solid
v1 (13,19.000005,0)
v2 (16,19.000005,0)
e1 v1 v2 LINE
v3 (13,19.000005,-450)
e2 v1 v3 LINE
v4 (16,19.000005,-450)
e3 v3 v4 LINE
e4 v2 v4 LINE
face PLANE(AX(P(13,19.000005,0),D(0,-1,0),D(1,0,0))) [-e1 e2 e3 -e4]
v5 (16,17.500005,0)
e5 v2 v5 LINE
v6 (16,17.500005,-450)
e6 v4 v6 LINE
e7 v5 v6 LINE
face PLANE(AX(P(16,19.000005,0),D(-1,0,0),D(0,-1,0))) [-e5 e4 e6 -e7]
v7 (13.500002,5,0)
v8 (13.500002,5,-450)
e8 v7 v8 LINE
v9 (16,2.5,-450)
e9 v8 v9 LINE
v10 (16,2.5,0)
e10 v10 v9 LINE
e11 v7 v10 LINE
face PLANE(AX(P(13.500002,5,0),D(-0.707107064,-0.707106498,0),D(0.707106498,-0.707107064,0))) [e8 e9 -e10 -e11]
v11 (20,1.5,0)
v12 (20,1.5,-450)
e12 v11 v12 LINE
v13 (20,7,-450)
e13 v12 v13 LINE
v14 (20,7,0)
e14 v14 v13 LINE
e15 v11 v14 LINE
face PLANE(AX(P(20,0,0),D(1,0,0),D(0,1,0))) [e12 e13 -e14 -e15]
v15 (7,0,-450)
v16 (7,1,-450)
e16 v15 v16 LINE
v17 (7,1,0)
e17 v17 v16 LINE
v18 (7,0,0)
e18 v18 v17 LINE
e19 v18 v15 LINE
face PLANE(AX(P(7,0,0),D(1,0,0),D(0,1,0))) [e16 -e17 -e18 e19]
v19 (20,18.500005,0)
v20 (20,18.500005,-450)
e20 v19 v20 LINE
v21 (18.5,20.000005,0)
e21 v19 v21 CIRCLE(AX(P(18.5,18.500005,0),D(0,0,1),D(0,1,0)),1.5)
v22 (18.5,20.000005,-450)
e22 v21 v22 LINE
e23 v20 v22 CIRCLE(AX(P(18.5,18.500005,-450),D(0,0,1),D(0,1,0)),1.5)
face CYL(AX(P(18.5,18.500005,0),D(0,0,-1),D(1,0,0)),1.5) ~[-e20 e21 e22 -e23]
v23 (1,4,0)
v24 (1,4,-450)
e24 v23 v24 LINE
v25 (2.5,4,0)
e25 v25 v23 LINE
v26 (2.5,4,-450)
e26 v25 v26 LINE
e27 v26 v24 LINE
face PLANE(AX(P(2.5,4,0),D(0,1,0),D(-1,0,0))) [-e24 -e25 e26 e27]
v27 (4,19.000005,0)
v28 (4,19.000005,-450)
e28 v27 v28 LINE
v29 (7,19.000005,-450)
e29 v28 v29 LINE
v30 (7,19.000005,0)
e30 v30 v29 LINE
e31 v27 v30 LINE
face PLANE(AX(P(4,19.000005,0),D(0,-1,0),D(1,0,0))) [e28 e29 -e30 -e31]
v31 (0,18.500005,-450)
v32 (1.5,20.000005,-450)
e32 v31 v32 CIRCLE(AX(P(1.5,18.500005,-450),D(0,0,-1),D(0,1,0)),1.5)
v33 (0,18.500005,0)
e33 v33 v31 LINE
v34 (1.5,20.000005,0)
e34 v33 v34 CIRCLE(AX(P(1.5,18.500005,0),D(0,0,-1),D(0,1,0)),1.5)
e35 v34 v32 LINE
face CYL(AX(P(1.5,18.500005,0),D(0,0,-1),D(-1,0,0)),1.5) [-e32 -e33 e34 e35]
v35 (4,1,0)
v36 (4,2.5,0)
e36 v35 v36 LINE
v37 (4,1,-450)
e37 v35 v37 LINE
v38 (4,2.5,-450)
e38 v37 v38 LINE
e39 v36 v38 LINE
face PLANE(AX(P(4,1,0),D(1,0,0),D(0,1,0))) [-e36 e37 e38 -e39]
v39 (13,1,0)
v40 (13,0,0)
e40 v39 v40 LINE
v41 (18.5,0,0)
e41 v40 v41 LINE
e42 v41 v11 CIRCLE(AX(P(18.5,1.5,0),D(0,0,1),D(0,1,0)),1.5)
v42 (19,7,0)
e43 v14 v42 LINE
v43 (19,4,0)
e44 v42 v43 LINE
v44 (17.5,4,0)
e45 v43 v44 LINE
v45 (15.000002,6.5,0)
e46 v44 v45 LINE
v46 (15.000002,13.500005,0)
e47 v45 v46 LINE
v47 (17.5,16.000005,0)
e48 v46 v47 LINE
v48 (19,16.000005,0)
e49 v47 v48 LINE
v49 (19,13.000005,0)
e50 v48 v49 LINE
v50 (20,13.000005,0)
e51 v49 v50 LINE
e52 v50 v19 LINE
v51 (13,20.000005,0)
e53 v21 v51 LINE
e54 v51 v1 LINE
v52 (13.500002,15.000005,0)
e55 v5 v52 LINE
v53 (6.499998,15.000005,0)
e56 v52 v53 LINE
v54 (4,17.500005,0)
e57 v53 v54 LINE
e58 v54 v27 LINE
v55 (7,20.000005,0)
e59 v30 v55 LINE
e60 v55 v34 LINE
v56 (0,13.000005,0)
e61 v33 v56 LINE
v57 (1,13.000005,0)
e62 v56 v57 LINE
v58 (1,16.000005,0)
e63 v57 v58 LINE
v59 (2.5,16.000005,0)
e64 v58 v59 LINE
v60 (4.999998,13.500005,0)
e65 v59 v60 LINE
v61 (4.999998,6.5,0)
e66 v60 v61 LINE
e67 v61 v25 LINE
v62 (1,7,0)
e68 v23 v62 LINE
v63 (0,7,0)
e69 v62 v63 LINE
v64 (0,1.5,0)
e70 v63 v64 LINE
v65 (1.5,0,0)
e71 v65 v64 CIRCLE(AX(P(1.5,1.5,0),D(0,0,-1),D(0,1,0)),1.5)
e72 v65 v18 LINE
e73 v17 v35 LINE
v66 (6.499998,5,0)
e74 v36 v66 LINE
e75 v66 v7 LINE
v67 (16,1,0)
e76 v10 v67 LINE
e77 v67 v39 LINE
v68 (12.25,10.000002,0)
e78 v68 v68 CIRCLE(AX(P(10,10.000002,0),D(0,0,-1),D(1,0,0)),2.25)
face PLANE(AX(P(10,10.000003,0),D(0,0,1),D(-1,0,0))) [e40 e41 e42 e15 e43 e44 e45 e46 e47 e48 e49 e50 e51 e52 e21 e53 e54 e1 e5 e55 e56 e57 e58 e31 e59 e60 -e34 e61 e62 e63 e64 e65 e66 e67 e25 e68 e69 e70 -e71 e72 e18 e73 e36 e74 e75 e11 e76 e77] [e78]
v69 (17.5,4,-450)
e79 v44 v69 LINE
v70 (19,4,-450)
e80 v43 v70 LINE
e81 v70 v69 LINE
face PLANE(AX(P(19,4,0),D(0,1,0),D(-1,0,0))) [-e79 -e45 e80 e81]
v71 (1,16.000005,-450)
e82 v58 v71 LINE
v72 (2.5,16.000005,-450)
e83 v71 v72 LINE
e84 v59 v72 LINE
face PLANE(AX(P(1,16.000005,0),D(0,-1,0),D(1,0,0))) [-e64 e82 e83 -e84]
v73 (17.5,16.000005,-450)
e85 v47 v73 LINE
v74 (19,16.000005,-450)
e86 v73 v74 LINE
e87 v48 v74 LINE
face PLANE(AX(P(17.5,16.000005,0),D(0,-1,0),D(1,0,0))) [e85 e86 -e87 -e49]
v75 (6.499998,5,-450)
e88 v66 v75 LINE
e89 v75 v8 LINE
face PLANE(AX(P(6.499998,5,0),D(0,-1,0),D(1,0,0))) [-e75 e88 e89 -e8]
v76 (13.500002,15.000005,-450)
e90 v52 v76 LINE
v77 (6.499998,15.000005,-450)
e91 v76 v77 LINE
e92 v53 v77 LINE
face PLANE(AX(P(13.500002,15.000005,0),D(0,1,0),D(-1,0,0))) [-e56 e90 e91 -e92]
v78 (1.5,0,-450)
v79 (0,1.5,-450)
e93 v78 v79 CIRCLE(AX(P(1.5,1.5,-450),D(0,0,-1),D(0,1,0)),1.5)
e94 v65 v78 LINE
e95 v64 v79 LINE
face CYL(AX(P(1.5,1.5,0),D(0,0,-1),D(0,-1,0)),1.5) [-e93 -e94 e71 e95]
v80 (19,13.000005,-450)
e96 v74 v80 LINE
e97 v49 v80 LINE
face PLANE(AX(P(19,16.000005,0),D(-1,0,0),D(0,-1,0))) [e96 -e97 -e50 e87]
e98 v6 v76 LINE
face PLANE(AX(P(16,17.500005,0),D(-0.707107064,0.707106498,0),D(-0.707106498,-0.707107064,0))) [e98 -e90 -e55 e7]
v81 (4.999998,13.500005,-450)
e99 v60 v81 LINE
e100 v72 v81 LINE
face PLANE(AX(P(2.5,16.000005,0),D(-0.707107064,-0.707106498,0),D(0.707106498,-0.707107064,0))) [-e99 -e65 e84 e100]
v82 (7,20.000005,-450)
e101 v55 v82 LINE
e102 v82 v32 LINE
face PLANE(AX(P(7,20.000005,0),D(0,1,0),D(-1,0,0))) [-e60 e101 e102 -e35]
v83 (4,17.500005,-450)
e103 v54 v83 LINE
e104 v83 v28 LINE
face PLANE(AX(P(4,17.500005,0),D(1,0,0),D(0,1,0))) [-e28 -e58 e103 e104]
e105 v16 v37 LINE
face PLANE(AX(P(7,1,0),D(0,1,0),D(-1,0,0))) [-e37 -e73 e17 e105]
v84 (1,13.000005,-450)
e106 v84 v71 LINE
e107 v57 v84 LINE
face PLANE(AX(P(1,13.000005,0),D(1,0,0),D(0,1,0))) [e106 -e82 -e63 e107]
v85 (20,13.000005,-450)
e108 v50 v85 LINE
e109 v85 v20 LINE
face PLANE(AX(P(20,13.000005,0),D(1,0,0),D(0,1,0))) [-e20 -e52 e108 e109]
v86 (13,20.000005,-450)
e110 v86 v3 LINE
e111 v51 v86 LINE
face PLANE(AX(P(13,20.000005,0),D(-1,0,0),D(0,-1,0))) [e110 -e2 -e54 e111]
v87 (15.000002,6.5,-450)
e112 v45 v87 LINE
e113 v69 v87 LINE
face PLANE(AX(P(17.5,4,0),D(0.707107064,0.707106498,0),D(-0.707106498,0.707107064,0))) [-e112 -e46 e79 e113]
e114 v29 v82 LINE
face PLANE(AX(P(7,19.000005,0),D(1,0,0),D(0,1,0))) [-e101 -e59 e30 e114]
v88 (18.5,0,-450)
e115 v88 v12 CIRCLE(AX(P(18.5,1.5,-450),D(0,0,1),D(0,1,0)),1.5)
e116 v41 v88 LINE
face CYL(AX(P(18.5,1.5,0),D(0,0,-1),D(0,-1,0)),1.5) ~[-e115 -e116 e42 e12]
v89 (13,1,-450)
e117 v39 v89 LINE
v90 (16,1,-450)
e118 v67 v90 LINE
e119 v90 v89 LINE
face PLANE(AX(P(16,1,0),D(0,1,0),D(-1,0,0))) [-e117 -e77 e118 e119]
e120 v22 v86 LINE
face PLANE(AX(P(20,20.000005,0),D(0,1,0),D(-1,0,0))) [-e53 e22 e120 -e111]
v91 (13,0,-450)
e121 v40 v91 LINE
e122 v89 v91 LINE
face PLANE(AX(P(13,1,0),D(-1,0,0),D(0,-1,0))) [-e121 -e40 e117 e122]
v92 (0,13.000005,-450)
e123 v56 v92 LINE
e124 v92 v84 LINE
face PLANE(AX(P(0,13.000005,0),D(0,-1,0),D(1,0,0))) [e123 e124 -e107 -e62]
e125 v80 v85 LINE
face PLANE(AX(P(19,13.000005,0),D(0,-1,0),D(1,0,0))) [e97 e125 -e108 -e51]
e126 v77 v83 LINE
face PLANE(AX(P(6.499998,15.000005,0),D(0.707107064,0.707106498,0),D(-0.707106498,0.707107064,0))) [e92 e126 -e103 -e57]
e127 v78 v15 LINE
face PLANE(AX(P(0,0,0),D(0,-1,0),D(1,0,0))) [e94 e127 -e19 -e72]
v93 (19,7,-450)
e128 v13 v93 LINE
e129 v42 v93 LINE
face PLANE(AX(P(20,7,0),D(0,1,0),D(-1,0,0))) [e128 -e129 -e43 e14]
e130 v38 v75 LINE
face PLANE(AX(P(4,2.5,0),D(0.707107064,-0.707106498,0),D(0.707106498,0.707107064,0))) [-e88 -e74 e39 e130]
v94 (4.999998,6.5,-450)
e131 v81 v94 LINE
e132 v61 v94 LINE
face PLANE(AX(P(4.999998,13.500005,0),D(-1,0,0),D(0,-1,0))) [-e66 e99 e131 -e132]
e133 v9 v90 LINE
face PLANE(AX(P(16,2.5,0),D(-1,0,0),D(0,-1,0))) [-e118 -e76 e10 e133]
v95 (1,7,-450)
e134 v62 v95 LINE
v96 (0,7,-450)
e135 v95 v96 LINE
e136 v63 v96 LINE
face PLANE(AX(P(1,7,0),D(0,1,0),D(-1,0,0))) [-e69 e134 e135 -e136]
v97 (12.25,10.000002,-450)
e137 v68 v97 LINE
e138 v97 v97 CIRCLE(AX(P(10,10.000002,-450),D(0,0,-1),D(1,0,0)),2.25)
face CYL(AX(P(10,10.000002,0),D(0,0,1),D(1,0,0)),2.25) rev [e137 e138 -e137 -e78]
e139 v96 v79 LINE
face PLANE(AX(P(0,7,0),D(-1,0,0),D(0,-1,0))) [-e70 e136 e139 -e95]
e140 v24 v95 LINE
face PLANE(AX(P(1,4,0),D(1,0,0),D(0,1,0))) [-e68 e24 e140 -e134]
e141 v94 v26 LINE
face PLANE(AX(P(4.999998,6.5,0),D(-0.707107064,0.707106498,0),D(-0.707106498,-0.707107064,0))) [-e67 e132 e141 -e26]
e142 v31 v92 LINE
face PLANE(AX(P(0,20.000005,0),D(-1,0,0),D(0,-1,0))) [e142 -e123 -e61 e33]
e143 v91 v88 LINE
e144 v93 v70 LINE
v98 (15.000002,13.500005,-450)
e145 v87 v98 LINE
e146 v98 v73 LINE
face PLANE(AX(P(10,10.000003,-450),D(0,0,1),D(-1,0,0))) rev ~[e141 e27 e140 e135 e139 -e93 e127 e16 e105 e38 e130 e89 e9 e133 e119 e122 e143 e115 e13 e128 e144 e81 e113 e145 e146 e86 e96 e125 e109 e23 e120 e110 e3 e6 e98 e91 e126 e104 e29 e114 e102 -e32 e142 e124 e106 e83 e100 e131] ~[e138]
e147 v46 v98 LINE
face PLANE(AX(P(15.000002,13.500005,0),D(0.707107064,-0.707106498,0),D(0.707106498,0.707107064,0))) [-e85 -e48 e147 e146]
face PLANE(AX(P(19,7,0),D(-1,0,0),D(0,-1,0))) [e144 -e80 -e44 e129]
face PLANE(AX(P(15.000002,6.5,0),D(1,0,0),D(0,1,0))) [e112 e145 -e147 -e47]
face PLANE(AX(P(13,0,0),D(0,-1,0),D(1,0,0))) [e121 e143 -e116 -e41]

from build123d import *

# Parameters (mm, degrees)
SKETCH_R  = 2.25
PAD_DEPTH = 450
FILLET_R  = 1.5


with BuildPart() as part:
    # Sketch → Pad (new body)
    with BuildSketch(Plane(origin=(0, 0, 0), x_dir=(1, 0, 0), z_dir=(0, 0, -1))):
        Polygon((7, 0), (7, -1), (4, -1), (4, -2.5), (6.499998, -5), (13.500002, -5), (16, -2.5), (16, -1), (13, -1), (13, 0), (20, 0), (20, -7), (19, -7), (19, -4), (17.5, -4), (15.000002, -6.5), (15.000002, -13.500005), (17.5, -16.000005), (19, -16.000005), (19, -13.000005), (20, -13.000005), (20, -20.000005), (13, -20.000005), (13, -19.000005), (16, -19.000005), (16, -17.500005), (13.500002, -15.000005), (6.499998, -15.000005), (4, -17.500005), (4, -19.000005), (7, -19.000005), (7, -20.000005), (0, -20.000005), (0, -13.000005), (1, -13.000005), (1, -16.000005), (2.5, -16.000005), (4.999998, -13.500005), (4.999998, -6.5), (2.5, -4), (1, -4), (1, -7), (0, -7), (0, 0), align=None)
        with Locations((10, -10.000002)):
            Circle(SKETCH_R, mode=Mode.SUBTRACT)
    extrude(amount=PAD_DEPTH)

    # Fillet
    fillet_edges = [part.edges().sort_by_distance(p)[0] for p in [
        (20, 20.000005, -225),
        (20, 0, -225),
        (0, 20.000005, -225),
        (0, 0, -225),
    ]]
    fillet(fillet_edges, radius=FILLET_R)


solid = part.part
